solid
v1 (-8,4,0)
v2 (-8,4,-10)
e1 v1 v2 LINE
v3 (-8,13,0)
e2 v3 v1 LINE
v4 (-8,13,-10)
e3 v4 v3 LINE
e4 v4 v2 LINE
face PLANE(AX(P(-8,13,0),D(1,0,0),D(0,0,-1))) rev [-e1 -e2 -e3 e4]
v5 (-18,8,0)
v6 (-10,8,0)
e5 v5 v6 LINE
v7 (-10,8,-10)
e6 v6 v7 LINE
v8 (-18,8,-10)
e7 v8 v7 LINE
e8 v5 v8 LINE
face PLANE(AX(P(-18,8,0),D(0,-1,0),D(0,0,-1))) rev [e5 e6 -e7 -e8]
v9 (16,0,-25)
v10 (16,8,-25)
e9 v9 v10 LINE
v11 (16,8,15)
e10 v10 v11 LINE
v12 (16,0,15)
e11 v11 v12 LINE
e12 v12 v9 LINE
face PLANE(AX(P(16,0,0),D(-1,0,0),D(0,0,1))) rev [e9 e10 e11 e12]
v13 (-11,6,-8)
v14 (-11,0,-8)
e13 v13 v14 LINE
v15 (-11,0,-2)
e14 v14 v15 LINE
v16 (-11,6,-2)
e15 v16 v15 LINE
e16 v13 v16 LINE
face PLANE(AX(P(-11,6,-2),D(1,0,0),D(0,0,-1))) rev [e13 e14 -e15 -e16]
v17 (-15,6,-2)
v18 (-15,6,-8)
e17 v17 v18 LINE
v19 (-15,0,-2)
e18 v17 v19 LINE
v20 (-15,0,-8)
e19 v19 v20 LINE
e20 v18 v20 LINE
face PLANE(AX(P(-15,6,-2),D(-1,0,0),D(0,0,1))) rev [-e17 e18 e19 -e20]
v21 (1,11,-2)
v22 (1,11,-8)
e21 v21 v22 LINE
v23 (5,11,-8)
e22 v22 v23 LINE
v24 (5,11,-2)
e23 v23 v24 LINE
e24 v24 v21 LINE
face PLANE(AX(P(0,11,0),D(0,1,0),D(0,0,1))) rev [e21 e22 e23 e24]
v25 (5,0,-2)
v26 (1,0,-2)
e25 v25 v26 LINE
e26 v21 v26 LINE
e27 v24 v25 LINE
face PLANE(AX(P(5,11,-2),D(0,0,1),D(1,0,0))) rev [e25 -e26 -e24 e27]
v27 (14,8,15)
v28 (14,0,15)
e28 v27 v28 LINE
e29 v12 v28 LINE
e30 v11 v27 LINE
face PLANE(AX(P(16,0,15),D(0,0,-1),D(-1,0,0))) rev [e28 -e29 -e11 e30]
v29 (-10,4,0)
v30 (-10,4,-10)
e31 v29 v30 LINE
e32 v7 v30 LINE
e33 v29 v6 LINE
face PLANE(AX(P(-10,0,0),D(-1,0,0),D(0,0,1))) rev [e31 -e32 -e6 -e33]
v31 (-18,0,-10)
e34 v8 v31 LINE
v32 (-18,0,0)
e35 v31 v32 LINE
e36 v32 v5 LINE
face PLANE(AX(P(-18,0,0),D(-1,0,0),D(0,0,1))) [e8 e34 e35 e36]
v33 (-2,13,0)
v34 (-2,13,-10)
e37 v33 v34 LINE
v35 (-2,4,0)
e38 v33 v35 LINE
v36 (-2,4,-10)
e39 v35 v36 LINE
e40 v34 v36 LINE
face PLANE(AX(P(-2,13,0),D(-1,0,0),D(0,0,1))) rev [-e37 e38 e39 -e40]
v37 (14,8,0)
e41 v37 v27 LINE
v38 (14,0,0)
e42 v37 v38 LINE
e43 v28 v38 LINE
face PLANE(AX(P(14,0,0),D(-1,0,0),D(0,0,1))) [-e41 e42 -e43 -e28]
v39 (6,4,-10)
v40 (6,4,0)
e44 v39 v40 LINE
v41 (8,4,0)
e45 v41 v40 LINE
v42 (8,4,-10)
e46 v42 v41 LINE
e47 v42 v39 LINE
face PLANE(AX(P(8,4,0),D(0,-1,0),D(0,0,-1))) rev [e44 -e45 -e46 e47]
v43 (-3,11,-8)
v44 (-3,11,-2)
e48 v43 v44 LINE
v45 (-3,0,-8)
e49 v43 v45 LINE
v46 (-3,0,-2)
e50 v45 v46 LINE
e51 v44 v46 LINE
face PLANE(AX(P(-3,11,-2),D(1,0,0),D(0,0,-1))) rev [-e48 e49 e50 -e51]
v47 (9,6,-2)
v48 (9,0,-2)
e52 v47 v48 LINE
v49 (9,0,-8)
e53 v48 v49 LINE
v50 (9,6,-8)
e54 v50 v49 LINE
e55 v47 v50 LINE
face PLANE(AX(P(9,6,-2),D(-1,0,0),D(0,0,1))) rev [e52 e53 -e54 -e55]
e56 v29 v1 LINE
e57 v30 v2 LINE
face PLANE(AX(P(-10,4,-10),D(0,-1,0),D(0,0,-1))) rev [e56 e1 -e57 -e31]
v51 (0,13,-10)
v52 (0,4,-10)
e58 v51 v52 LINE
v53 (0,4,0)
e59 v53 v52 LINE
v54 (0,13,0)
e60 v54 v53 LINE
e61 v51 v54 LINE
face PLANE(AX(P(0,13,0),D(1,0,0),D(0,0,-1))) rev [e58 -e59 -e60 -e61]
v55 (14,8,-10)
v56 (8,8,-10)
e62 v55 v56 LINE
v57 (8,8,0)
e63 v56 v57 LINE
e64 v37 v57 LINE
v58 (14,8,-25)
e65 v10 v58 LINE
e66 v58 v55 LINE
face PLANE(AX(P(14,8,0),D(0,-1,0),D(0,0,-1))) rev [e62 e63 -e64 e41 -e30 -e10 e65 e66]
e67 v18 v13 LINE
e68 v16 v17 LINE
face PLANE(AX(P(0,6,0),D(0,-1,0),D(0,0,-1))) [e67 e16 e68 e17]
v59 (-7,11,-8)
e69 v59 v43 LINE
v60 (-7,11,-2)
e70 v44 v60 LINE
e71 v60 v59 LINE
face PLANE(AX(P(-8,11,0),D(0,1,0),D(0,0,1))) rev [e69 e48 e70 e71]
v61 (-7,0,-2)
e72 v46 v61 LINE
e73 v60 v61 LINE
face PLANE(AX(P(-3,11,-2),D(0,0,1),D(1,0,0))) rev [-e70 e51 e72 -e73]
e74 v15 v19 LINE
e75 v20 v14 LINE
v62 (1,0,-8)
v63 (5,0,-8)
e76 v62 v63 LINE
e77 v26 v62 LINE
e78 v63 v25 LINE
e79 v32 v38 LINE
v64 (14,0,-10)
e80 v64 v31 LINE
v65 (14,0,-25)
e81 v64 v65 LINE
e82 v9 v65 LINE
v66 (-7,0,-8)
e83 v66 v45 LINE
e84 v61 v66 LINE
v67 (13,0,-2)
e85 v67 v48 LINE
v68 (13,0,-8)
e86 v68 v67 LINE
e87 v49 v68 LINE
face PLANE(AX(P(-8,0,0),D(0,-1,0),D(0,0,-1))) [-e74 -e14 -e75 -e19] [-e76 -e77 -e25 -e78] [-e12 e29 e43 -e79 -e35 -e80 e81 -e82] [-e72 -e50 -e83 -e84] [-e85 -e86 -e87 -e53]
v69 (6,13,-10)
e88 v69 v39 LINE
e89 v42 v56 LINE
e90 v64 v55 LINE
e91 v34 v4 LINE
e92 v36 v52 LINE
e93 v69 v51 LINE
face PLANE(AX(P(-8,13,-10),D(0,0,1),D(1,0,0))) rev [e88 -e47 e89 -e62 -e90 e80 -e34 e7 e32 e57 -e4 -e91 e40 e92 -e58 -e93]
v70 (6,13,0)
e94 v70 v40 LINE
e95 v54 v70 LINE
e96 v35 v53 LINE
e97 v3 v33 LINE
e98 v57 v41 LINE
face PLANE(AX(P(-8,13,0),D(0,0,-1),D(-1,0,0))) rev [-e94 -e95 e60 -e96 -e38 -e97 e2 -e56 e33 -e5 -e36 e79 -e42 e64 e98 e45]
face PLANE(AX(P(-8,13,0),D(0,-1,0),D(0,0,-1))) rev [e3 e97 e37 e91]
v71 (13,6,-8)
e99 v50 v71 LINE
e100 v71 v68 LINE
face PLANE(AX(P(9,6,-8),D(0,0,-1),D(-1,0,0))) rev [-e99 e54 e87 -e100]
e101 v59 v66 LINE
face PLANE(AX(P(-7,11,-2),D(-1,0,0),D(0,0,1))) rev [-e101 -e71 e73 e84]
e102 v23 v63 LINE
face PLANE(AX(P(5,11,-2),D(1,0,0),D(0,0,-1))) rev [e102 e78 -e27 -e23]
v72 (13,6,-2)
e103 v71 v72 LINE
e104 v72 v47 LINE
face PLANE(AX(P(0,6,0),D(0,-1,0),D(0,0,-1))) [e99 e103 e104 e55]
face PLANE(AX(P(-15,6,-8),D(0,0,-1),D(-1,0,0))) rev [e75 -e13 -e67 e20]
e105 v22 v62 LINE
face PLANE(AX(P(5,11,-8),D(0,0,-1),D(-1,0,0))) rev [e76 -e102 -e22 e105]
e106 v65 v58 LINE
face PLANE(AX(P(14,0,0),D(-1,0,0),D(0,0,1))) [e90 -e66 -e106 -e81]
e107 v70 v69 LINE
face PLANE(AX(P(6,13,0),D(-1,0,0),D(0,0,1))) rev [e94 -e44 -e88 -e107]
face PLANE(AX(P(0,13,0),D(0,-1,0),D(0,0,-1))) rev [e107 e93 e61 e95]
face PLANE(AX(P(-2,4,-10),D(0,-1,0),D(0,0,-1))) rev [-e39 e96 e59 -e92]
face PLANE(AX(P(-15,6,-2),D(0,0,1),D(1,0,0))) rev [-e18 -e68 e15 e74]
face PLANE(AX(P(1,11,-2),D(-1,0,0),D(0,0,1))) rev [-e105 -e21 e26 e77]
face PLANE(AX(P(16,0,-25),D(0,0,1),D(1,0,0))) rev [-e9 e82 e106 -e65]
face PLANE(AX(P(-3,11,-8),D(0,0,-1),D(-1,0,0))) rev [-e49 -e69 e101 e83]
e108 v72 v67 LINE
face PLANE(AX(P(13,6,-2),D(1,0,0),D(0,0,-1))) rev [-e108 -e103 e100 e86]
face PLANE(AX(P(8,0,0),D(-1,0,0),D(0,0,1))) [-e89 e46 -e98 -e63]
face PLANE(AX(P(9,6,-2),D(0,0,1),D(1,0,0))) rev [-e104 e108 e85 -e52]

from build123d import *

# Parameters (mm, degrees)
SKETCH1_W           = 6
SKETCH1_H           = 10
BOSS_EXTRUDE1_DEPTH = 13
SKETCH2_W           = 4
SKETCH2_H           = 6
CUT_EXTRUDE1_DEPTH  = 11
SKETCH3_W           = 10
SKETCH3_H           = 4
BOSS_EXTRUDE2_DEPTH = 2
LPATTERN1_COUNT     = 2
LPATTERN1_PITCH     = 8
SKETCH18_W          = 10
SKETCH18_H          = 8
BOSS_EXTRUDE3_DEPTH = 8
SKETCH20_W          = 10
SKETCH20_H          = 4
BOSS_EXTRUDE4_DEPTH = 2
SKETCH21_W          = 10
SKETCH21_H          = 8
BOSS_EXTRUDE5_DEPTH = 6
SKETCH22_W          = 40
SKETCH22_H          = 8
BOSS_EXTRUDE6_DEPTH = 2
SKETCH23_W          = 4
SKETCH23_H          = 6
CUT_EXTRUDE2_DEPTH  = 6


with BuildPart() as part:
    # Sketch1 → Boss-Extrude1 (new body)
    with BuildSketch(Plane(origin=(0, 0, 0), x_dir=(1, 0, 0), z_dir=(0, 1, 0))):
        with Locations((3, 5)):
            Rectangle(SKETCH1_W, SKETCH1_H)
    extrude(amount=BOSS_EXTRUDE1_DEPTH)

    # Sketch2 → Cut-Extrude1 (cut)
    with BuildSketch(Plane.XZ):
        with Locations((3, -5)):
            Rectangle(SKETCH2_W, SKETCH2_H)
    extrude(amount=-CUT_EXTRUDE1_DEPTH, mode=Mode.SUBTRACT)

    # Sketch3 → Boss-Extrude2 (add)
    with BuildSketch(Plane.ZY):
        with Locations((-5, 2)):
            Rectangle(SKETCH3_W, SKETCH3_H)
    extrude(amount=BOSS_EXTRUDE2_DEPTH)


with BuildPart() as lpattern1_1:
    # LPattern1: pattern copy
    add(part.part.moved(Location(Vector(-1, 0, 0) * (1 * LPATTERN1_PITCH))))

    # Sketch18 → Boss-Extrude3 (add)
    with BuildSketch(Plane.ZY.offset(10)):
        with Locations((-5, 4)):
            Rectangle(SKETCH18_W, SKETCH18_H)
    extrude(amount=BOSS_EXTRUDE3_DEPTH)


with BuildPart() as part_1:
    add(part.part)

    # Sketch20 → Boss-Extrude4 (add)
    with BuildSketch(Plane(origin=(6, 0, 0), x_dir=(0, 0, -1), z_dir=(1, 0, 0))):
        with Locations((5, 2)):
            Rectangle(SKETCH20_W, SKETCH20_H)
    extrude(amount=BOSS_EXTRUDE4_DEPTH)

    # Sketch21 → Boss-Extrude5 (add)
    with BuildSketch(Plane(origin=(8, 0, 0), x_dir=(0, 0, -1), z_dir=(1, 0, 0))):
        with Locations((5, 4)):
            Rectangle(SKETCH21_W, SKETCH21_H)
    extrude(amount=BOSS_EXTRUDE5_DEPTH)

    # Sketch22 → Boss-Extrude6 (add)
    with BuildSketch(Plane(origin=(14, 0, 0), x_dir=(0, 0, -1), z_dir=(1, 0, 0))):
        with Locations((5, 4)):
            Rectangle(SKETCH22_W, SKETCH22_H)
    extrude(amount=BOSS_EXTRUDE6_DEPTH)


with BuildPart() as cut_extrude2_tool:
    # Sketch23 → Cut-Extrude2 (new body)
    with BuildSketch(Plane.XZ):
        with Locations((11, -5)):
            Rectangle(SKETCH23_W, SKETCH23_H)
        with Locations((-13, -5)):
            Rectangle(SKETCH23_W, SKETCH23_H)
    extrude(amount=-CUT_EXTRUDE2_DEPTH)


with BuildPart() as part_2:
    add(part_1.part)

    # Cut-Extrude2: cut by cut_extrude2_tool
    add(cut_extrude2_tool.part, mode=Mode.SUBTRACT)


with BuildPart() as lpattern1_1_1:
    add(lpattern1_1.part)

    # Cut-Extrude2: cut by cut_extrude2_tool
    add(cut_extrude2_tool.part, mode=Mode.SUBTRACT)

    # Combine1: union part
    add(part_2.part)


solid = lpattern1_1_1.part
